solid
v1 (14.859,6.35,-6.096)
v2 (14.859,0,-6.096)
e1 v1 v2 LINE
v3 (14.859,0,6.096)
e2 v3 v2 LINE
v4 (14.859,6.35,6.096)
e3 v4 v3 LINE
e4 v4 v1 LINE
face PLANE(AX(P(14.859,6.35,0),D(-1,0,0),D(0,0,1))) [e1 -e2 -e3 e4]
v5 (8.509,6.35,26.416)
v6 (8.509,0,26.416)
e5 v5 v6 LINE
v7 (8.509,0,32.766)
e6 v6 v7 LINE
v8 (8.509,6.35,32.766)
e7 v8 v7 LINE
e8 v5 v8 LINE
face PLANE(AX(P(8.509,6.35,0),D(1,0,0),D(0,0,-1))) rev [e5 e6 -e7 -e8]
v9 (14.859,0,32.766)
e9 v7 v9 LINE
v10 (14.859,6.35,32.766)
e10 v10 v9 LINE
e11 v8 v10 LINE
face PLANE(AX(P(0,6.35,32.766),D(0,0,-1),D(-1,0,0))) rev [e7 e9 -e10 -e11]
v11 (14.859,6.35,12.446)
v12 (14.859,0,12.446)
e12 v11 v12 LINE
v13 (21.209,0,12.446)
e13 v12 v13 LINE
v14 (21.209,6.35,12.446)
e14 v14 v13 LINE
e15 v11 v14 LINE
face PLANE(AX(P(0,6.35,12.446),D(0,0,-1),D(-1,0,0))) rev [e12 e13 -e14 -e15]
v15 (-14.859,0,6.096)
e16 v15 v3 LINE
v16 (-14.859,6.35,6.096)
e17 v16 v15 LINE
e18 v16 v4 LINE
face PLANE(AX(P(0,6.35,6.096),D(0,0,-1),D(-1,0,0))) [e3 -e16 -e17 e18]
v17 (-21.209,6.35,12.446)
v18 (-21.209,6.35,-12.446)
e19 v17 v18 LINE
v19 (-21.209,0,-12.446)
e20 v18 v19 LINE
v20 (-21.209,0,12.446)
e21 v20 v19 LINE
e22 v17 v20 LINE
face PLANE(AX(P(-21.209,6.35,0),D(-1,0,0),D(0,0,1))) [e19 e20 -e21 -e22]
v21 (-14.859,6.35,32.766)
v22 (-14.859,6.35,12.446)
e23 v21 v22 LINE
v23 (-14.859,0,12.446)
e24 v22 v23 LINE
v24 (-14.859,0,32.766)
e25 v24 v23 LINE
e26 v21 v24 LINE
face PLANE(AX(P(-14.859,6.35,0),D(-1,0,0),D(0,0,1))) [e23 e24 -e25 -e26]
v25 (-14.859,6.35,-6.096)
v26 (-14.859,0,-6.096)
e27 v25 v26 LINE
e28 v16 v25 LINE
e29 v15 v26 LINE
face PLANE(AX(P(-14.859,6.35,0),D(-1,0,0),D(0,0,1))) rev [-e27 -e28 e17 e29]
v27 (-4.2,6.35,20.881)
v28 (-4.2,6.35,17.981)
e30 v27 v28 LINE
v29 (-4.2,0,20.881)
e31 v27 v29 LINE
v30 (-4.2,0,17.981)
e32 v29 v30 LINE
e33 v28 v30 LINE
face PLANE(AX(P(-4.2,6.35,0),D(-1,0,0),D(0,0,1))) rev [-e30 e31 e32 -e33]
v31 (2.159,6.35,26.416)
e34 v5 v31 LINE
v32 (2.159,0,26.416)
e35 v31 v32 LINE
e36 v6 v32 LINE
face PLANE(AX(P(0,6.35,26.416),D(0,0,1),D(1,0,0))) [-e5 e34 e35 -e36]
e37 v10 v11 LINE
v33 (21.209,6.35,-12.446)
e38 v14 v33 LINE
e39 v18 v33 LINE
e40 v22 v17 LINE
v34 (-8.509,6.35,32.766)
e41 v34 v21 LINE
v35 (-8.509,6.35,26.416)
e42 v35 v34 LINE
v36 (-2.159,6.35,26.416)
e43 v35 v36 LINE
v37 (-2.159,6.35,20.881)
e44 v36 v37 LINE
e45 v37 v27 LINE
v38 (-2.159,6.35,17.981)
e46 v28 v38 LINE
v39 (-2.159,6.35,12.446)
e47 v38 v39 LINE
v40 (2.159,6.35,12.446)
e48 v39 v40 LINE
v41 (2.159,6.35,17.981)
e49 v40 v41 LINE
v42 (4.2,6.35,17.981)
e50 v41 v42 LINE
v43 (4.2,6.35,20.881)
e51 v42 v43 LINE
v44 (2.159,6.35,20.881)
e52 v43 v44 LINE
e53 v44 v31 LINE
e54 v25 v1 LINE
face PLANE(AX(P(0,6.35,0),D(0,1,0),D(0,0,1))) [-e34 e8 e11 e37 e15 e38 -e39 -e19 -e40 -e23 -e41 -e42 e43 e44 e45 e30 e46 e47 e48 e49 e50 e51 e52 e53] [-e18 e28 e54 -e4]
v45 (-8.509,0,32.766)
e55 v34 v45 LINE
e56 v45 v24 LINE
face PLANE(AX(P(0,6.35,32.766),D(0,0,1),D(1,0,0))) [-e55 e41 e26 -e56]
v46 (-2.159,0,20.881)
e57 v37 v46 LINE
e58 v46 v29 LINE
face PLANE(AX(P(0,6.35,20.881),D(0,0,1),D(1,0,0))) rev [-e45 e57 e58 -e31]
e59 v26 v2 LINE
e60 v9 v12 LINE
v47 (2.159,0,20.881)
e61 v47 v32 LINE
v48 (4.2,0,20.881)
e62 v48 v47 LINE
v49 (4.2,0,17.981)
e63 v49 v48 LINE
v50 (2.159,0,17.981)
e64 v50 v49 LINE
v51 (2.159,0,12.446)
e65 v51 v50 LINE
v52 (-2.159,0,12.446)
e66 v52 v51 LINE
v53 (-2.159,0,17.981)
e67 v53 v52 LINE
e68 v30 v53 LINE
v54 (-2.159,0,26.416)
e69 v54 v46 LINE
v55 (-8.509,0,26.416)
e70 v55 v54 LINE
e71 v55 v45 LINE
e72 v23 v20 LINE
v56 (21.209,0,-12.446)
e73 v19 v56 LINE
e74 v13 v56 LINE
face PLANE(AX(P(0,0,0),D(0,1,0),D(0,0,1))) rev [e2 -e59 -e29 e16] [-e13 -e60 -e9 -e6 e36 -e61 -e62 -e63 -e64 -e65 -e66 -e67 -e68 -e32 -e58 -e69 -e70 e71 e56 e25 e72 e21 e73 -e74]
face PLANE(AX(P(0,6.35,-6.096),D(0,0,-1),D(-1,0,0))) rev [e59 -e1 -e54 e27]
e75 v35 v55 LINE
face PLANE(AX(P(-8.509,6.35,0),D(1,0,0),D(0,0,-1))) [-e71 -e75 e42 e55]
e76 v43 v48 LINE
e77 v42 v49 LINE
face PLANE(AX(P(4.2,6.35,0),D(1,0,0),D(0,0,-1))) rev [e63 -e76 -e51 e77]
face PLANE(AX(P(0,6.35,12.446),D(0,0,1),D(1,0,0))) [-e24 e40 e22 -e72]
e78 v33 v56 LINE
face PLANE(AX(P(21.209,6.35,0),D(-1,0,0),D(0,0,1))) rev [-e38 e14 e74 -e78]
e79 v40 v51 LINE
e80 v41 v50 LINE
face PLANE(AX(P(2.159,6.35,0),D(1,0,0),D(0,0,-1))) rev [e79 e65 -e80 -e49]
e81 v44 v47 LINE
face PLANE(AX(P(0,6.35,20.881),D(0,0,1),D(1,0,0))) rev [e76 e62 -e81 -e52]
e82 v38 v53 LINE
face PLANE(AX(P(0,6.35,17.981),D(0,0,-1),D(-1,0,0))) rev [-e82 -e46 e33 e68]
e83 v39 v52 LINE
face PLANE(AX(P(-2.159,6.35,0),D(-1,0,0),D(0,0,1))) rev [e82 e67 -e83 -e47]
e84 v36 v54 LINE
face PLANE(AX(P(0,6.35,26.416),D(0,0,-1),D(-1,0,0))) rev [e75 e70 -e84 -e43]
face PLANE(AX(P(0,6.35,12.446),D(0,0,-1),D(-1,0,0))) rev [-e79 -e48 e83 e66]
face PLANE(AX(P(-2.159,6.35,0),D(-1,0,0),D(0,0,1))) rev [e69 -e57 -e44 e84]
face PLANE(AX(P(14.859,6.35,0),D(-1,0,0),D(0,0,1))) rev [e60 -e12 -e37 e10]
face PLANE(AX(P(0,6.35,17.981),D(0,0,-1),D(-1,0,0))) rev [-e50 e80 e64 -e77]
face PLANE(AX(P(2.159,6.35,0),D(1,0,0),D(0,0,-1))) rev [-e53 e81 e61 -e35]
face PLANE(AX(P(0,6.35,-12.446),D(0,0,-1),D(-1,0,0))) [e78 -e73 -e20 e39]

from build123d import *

# Parameters (mm, degrees)
SKETCH1_W           = 29.718
SKETCH1_H           = 12.192
BOSS_EXTRUDE1_DEPTH = 6.35


with BuildPart() as part:
    # Sketch1 → Boss-Extrude1 (new body)
    with BuildSketch(Plane(origin=(0, 0, 0), x_dir=(1, 0, 0), z_dir=(0, 1, 0))):
        Polygon((-21.209, 12.446), (-21.209, -12.446), (-14.859, -12.446), (-14.859, -26.416), (-14.859, -32.766), (-8.509, -32.766), (-8.509, -26.416), (-2.159, -26.416), (-2.159, -20.881000021), (-4.199999982, -20.881000021), (-4.199999982, -17.980999979), (-2.159, -17.980999979), (-2.159, -12.446), (2.159, -12.446), (2.159, -17.980999979), (4.199999982, -17.980999979), (4.199999982, -20.881000021), (2.159, -20.881000021), (2.159, -26.416), (8.509, -26.416), (8.509, -32.766), (14.859, -32.766), (14.859, -26.416), (14.859, -12.446), (21.209, -12.446), (21.209, 12.446), align=None)
        Rectangle(SKETCH1_W, SKETCH1_H, mode=Mode.SUBTRACT)
    extrude(amount=BOSS_EXTRUDE1_DEPTH)


solid = part.part
